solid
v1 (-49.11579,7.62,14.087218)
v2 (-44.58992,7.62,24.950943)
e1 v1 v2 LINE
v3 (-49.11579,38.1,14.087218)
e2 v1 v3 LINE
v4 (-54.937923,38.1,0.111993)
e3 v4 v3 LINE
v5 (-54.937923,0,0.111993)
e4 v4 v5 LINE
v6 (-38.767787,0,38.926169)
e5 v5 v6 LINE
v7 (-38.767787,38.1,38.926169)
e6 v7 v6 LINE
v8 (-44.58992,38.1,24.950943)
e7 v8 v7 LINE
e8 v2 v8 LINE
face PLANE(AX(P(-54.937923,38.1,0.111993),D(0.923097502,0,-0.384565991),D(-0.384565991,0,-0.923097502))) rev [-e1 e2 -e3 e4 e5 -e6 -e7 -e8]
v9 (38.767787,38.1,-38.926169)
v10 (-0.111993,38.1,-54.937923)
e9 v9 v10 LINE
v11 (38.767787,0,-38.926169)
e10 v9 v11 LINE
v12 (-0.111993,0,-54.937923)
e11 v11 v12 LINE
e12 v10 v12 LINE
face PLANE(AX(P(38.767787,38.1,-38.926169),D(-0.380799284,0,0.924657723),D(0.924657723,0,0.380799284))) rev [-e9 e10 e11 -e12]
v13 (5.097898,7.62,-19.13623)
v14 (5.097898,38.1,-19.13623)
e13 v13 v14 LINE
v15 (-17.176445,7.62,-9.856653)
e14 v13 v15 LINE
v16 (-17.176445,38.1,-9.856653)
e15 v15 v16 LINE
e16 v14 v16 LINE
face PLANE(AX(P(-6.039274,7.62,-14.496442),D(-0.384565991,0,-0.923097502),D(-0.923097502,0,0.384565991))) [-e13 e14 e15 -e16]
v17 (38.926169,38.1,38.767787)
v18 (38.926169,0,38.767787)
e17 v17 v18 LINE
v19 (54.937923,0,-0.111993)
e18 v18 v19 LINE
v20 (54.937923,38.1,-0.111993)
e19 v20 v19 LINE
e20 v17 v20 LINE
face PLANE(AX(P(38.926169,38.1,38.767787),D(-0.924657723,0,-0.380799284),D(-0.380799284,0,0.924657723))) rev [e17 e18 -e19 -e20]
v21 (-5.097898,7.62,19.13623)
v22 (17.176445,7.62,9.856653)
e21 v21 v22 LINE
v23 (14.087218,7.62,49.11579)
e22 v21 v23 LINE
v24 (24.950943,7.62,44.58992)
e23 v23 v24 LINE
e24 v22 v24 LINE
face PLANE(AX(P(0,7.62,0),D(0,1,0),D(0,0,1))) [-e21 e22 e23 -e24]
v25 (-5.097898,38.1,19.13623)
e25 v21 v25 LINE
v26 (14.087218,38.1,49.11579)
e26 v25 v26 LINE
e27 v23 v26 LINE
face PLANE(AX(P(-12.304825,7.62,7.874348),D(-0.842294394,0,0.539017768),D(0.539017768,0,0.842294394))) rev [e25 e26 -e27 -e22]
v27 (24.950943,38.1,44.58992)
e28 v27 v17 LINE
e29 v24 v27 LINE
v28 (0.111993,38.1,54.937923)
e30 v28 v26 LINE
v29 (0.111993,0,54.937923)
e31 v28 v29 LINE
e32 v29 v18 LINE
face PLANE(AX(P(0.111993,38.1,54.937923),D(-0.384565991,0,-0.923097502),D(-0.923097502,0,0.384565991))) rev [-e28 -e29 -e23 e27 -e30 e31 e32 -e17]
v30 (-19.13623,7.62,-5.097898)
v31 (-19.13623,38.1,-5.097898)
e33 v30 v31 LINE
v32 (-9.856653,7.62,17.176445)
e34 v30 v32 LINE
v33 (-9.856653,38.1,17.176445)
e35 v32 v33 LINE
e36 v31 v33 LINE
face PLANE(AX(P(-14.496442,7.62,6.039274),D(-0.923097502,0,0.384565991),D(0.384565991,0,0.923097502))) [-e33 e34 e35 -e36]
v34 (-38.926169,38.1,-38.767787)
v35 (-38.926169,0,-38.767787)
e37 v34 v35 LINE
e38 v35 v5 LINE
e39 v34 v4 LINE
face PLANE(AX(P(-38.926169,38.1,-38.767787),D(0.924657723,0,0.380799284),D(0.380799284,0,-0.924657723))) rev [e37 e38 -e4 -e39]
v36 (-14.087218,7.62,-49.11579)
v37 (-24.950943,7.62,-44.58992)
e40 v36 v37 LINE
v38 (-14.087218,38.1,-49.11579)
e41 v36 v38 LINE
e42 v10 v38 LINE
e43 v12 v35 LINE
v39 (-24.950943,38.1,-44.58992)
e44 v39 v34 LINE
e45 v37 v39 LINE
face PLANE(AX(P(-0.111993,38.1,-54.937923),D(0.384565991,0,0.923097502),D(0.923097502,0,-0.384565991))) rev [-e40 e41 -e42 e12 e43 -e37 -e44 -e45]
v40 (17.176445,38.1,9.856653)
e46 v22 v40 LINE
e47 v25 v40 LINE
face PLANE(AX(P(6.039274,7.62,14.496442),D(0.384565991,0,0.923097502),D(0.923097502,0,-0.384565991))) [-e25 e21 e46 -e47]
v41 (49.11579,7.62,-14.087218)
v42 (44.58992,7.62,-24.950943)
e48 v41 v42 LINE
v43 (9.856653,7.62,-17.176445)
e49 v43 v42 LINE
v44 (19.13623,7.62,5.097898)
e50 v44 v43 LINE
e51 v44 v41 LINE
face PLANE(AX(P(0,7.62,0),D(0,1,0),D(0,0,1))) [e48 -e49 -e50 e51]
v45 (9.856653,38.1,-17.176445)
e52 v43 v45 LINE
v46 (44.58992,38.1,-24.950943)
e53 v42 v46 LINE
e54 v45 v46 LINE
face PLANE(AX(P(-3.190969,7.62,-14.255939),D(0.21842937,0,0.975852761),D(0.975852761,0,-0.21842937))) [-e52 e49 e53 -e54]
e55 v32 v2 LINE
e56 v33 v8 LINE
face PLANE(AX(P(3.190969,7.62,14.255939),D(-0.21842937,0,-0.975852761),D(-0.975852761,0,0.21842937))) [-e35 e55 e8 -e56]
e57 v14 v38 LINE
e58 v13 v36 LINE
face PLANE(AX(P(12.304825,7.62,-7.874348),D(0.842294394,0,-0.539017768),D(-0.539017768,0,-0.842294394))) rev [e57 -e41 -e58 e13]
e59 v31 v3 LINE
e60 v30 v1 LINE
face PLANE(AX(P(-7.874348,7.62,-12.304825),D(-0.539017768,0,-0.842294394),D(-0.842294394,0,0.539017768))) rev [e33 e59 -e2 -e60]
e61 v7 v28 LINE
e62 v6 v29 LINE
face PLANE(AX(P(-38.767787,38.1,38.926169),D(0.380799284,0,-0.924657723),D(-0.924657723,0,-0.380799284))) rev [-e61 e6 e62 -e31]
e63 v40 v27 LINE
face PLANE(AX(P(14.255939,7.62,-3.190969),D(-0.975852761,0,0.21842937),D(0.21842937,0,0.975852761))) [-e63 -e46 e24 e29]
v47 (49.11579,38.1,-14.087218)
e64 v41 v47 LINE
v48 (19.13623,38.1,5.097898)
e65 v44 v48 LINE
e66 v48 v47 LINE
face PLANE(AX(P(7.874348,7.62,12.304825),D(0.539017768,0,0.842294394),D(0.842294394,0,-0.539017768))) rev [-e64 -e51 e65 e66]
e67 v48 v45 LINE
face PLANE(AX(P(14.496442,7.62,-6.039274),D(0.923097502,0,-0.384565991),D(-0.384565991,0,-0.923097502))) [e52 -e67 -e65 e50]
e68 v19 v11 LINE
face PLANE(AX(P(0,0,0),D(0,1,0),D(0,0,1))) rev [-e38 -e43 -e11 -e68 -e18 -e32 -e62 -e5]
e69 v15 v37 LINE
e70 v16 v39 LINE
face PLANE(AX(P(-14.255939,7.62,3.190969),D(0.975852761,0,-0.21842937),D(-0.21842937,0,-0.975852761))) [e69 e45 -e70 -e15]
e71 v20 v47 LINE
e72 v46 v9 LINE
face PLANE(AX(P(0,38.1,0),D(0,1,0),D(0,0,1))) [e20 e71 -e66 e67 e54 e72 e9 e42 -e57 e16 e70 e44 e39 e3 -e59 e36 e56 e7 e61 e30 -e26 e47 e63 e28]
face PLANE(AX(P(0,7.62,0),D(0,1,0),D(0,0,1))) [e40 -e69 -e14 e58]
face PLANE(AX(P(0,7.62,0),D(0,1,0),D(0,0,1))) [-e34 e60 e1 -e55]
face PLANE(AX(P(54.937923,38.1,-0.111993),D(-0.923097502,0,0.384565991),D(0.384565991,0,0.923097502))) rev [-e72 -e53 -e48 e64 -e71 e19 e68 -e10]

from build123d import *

# Parameters (mm, degrees)
BOSS_EXTRUDE1_DEPTH = 38.1
CUT_EXTRUDE1_DEPTH  = 30.48


with BuildPart() as part:
    # Sketch1 → Boss-Extrude1 (new body)
    with BuildSketch(Plane(origin=(0, 0, 0), x_dir=(1, 0, 0), z_dir=(0, 1, 0))):
        Polygon((-0.111992667, 54.937923296), (-38.926168882, 38.767787333), (-54.937923296, -0.111992667), (-38.767787333, -38.926168882), (0.111992667, -54.937923296), (38.926168882, -38.767787333), (54.937923296, 0.111992667), (38.767787333, 38.926168882), align=None)
    extrude(amount=BOSS_EXTRUDE1_DEPTH)

    # Sketch2 → Cut-Extrude1 (cut)
    with BuildSketch(Plane(origin=(0, 38.1, 0), x_dir=(1, 0, 0), z_dir=(0, 1, 0))):
        Polygon((17.176445042, -9.856652985), (-5.097897691, -19.136230336), (14.087218134, -49.115790304), (24.950943415, -44.589920325), align=None)
        Polygon((-9.856652985, -17.176445042), (-19.136230336, 5.097897691), (-49.115790304, -14.087218134), (-44.589920325, -24.950943415), align=None)
        Polygon((-17.176445042, 9.856652985), (5.097897691, 19.136230336), (-14.087218134, 49.115790304), (-24.950943415, 44.589920325), align=None)
        Polygon((9.856652985, 17.176445042), (19.136230336, -5.097897691), (49.115790304, 14.087218134), (44.589920325, 24.950943415), align=None)
    extrude(amount=-CUT_EXTRUDE1_DEPTH, mode=Mode.SUBTRACT)


solid = part.part
